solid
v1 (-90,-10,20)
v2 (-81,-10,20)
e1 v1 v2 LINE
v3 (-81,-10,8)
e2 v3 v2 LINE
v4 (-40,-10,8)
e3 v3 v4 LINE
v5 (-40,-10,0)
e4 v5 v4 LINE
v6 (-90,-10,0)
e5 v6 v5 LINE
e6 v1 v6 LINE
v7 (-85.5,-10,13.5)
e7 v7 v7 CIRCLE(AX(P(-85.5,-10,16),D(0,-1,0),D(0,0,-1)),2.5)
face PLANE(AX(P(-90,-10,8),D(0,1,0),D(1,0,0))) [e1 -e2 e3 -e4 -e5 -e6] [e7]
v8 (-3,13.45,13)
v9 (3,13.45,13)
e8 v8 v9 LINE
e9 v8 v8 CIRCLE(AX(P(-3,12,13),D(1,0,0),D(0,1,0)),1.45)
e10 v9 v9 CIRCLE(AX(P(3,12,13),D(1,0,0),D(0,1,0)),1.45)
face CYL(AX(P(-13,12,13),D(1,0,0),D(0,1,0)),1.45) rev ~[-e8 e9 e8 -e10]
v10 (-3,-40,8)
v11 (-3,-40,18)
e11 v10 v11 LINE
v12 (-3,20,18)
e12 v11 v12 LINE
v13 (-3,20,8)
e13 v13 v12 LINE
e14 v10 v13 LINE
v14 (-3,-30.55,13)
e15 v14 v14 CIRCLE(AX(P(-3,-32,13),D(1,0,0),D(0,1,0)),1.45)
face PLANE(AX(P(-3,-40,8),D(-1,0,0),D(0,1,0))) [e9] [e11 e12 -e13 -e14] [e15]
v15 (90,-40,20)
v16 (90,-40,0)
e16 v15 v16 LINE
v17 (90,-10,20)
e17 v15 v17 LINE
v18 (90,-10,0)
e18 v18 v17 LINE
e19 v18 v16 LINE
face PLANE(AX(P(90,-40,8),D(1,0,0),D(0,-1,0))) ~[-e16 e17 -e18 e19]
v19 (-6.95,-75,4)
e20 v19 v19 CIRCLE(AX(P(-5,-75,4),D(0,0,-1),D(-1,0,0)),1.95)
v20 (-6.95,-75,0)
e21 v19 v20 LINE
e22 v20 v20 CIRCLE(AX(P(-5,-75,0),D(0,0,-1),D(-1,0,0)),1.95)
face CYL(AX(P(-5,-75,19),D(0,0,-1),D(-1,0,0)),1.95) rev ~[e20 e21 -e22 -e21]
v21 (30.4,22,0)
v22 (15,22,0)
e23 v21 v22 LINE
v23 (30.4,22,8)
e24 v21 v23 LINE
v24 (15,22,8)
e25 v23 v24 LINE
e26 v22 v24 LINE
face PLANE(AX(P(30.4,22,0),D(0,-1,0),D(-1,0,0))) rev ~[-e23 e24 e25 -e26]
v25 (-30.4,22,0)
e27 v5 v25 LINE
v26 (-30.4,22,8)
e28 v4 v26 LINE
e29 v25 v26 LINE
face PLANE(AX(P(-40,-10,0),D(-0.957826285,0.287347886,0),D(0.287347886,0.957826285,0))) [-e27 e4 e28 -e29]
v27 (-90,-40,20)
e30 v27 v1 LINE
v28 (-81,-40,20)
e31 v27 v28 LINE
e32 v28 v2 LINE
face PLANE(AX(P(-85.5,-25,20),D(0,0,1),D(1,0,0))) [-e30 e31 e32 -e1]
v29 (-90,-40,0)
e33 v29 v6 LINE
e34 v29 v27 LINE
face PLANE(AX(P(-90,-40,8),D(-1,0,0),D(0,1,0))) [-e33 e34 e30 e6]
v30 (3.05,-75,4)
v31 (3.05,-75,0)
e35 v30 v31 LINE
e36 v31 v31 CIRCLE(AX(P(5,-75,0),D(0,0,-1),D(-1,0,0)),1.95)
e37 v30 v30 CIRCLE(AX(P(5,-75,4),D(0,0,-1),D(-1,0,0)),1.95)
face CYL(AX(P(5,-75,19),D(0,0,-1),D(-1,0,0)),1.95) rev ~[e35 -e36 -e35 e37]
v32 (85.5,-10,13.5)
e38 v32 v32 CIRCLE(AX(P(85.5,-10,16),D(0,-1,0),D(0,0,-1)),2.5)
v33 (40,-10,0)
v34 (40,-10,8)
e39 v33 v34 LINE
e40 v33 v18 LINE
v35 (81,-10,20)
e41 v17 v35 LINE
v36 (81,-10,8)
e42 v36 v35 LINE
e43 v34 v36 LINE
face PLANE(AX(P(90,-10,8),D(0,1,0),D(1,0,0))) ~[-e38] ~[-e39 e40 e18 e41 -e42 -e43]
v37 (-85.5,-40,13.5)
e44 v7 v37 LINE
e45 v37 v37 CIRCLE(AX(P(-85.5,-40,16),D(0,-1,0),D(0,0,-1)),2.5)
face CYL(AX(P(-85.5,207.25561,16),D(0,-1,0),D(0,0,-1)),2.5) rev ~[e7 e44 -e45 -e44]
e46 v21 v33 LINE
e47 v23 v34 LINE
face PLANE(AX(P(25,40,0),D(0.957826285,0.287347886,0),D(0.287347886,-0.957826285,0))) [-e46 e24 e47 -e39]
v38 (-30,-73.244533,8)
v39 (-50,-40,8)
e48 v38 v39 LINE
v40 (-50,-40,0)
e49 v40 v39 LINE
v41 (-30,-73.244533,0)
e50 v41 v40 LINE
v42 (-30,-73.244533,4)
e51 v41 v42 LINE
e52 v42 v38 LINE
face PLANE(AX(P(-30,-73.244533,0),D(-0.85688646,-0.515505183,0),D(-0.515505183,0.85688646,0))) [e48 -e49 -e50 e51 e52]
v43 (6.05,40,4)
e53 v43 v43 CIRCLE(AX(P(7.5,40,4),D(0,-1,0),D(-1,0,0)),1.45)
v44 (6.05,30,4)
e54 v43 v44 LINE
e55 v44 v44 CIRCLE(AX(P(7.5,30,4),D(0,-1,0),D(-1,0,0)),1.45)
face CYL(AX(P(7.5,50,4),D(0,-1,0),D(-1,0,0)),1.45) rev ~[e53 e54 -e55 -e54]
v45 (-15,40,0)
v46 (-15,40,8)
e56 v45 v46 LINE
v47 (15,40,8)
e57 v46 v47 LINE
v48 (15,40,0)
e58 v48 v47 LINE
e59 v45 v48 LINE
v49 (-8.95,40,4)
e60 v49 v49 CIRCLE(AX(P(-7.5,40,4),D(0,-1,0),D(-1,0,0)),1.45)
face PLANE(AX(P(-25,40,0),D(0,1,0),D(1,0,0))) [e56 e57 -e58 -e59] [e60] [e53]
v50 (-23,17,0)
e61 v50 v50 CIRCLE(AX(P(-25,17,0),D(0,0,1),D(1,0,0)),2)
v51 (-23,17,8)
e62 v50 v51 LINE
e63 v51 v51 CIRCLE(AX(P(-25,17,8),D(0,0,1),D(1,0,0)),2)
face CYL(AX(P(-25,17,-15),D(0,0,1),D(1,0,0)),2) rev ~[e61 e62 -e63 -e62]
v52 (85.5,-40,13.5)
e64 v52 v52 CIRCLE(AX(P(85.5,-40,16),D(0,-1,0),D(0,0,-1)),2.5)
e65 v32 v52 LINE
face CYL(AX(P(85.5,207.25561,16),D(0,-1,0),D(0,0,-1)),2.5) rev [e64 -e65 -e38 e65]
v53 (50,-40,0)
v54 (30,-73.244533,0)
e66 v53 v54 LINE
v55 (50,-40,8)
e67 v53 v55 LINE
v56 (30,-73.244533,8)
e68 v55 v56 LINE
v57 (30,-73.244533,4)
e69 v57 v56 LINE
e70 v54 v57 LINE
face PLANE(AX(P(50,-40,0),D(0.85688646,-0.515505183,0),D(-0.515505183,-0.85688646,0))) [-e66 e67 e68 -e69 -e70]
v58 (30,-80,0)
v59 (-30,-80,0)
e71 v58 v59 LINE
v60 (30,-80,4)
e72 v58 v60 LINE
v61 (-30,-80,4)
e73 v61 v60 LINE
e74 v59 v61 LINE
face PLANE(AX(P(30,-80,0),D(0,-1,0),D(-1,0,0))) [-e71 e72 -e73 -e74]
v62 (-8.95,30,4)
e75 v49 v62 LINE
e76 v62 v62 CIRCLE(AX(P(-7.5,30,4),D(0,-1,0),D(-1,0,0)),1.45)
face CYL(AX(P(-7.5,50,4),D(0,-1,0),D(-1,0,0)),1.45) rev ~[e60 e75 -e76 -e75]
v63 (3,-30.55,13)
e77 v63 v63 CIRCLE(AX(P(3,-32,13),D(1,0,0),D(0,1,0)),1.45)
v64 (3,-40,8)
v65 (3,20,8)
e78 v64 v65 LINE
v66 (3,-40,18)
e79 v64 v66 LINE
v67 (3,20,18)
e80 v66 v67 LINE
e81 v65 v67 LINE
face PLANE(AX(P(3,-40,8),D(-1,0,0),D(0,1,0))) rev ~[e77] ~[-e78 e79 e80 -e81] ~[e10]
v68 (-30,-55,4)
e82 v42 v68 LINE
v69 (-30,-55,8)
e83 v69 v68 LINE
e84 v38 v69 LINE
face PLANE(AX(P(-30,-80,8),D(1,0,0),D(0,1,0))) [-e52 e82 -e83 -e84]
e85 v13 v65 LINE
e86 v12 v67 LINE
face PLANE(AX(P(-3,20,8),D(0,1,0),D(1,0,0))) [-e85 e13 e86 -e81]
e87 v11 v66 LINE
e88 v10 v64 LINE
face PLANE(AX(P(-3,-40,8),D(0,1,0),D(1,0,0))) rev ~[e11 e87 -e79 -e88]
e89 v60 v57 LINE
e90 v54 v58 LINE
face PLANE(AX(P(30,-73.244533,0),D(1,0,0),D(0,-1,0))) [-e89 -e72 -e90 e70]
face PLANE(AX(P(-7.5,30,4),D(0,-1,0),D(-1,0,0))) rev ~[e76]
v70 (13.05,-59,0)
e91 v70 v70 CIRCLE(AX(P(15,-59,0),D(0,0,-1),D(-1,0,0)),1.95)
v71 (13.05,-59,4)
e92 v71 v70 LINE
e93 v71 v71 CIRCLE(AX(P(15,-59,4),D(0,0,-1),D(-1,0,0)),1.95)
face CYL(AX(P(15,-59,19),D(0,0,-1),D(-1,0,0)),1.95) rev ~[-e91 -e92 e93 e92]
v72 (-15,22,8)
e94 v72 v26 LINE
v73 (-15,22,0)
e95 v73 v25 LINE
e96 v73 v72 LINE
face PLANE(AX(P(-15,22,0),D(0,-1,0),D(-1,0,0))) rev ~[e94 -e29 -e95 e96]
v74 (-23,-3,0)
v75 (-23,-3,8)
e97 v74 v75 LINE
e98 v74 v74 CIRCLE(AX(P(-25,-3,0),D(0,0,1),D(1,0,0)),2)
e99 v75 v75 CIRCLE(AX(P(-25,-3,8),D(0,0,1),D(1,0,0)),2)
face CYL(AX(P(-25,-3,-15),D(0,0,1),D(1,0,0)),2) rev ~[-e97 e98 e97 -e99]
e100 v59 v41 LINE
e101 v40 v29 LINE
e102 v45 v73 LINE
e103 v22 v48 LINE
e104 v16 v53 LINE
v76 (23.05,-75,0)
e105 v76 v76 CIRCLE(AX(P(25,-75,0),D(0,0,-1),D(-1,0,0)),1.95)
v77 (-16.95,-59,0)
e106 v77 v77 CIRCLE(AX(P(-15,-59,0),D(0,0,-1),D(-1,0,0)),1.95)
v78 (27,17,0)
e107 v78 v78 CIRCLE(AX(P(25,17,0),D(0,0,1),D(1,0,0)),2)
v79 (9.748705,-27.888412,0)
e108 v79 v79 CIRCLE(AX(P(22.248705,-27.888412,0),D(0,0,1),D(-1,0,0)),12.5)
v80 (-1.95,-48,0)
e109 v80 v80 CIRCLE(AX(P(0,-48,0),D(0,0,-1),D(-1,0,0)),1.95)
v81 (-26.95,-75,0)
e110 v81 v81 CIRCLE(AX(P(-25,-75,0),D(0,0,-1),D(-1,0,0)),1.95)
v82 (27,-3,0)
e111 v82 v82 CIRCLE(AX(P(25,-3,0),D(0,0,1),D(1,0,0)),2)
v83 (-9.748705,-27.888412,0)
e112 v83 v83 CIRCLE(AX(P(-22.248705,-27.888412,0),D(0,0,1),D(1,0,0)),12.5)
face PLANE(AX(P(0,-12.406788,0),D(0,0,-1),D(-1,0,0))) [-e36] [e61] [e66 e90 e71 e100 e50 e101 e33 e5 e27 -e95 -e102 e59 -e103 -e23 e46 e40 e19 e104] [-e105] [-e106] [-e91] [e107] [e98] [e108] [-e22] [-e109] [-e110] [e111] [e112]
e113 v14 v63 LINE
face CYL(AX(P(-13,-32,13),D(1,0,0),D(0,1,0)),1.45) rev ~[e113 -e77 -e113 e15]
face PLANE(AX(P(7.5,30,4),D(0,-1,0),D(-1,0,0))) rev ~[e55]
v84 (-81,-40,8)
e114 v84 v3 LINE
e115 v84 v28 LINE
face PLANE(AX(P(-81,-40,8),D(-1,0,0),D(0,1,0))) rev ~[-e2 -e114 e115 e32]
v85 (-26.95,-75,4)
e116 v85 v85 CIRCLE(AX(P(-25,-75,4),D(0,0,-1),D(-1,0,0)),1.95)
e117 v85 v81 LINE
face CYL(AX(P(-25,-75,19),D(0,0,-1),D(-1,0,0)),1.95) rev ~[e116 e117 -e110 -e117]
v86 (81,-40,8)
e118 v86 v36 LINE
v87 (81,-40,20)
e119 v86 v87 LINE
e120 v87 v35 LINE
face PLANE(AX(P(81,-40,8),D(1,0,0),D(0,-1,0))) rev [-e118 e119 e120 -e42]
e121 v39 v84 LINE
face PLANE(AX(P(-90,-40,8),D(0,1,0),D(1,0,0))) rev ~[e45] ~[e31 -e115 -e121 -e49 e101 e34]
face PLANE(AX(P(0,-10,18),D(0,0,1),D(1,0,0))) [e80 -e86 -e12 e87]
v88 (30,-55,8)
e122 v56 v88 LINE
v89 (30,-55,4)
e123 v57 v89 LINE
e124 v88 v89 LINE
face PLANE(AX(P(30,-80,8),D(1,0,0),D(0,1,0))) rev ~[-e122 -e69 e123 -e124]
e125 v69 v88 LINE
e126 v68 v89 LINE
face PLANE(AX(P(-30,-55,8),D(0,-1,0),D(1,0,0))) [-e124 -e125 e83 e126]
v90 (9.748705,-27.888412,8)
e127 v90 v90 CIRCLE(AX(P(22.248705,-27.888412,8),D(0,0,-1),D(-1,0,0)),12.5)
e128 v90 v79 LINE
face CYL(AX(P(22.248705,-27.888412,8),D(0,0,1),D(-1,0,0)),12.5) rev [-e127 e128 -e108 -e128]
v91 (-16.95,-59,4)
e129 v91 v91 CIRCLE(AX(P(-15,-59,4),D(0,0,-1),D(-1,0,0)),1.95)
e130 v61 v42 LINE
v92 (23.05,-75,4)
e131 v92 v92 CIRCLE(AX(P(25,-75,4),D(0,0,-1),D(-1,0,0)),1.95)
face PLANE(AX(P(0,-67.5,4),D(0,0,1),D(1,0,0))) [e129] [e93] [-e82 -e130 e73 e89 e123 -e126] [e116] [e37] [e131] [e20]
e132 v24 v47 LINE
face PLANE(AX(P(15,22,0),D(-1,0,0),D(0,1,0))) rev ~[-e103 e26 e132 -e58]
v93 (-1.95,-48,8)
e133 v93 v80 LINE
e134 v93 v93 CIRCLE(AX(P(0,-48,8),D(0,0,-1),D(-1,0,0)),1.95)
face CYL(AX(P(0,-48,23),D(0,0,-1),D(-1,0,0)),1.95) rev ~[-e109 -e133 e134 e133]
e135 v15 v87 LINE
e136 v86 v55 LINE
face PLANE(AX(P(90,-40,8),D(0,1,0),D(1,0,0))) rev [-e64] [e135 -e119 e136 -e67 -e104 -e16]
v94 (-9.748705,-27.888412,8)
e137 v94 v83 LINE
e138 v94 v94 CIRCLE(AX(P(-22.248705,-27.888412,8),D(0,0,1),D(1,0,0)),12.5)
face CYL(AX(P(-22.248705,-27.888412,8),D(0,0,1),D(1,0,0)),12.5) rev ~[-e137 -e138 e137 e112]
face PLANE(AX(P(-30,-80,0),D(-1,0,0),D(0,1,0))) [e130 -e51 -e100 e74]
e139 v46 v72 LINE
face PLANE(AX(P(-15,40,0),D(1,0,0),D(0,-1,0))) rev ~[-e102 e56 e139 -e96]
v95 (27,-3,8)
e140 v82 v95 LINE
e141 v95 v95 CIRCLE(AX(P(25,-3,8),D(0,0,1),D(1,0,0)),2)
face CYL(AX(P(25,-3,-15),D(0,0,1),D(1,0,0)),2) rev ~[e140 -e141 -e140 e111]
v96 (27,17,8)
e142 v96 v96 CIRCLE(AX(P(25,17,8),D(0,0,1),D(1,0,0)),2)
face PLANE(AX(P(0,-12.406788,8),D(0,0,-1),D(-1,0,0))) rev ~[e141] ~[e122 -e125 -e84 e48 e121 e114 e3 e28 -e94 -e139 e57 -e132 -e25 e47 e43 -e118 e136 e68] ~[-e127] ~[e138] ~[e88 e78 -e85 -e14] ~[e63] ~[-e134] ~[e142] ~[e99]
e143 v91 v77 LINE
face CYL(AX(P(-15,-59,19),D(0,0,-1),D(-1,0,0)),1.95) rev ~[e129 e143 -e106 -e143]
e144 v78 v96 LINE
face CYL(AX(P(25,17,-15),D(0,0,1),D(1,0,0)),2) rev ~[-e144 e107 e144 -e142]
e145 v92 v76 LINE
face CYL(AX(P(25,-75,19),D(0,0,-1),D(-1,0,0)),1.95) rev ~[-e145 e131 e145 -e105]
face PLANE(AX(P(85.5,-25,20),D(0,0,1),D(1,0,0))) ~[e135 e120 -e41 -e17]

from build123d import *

# Parameters (mm, degrees)
EXTRUDE1_DEPTH                 = 8
EXTRUDE2_DEPTH                 = 8
SKETCH4_W                      = 6
SKETCH4_H                      = 60
EXTRUDE3_DEPTH                 = 10
F_4_0_4_DIAMETER_HOLE2_D       = 4
F_4_0_4_DIAMETER_HOLE2_DEPTH   = 15
SKETCH6_W                      = 9
SKETCH6_H                      = 30
EXTRUDE4_DEPTH                 = 12
F_5_0_5_DIAMETER_HOLE1_D       = 5
F_2_9_2_9_DIAMETER_HOLE1_D     = 2.9
F_2_9_2_9_DIAMETER_HOLE1_DEPTH = 10
SKETCH10_R                     = 12.5
EXTRUDE5_DEPTH                 = 10
F_2_9_2_9_DIAMETER_HOLE2_D     = 2.9
F_2_9_2_9_DIAMETER_HOLE2_DEPTH = 10
EXTRUDE8_DEPTH                 = 21
SKETCH15_W                     = 60
SKETCH15_H                     = 25
EXTRUDE9_DEPTH                 = 4
F_4_0_4_DIAMETER_HOLE4_D       = 3.9
F_4_0_4_DIAMETER_HOLE4_DEPTH   = 15
F_4_0_4_DIAMETER_HOLE5_D       = 3.9
F_4_0_4_DIAMETER_HOLE5_DEPTH   = 15


with BuildPart() as part:
    # Sketch1 → Extrude1 (new body)
    with BuildSketch(Plane.XY):
        Polygon((-40, -10), (-25, 40), (25, 40), (40, -10), (90, -10), (90, -40), (-90, -40), (-90, -10), align=None)
    extrude(amount=EXTRUDE1_DEPTH)

    # Sketch2 → Extrude2 (add)
    with BuildSketch(Plane.XY):
        Polygon((-50, -40), (50, -40), (30, -73.244533262), (30, -80), (-30, -80), (-30, -73.244533262), align=None)
    extrude(amount=EXTRUDE2_DEPTH)

    # Sketch4 → Extrude3 (add)
    with BuildSketch(Plane.XY.offset(8)):
        with Locations((0, -10)):
            Rectangle(SKETCH4_W, SKETCH4_H)
    extrude(amount=EXTRUDE3_DEPTH)

    # Ø4.0 (4) Diameter Hole2
    with Locations(Plane(origin=(25, -3, 0), x_dir=(-1, 0, 0), z_dir=(0, 0, -1))):
        with Locations((0, 0), (50, 0), (0, 20), (50, 20)):
            Hole(F_4_0_4_DIAMETER_HOLE2_D / 2, depth=F_4_0_4_DIAMETER_HOLE2_DEPTH)

    # Sketch6 → Extrude4 (add)
    with BuildSketch(Plane.XY.offset(8)):
        with Locations((-85.5, -25)):
            Rectangle(SKETCH6_W, SKETCH6_H)
    extrude4 = extrude(amount=EXTRUDE4_DEPTH)

    # Ø5.0 (5) Diameter Hole1 (through all)
    with Locations(Plane(origin=(-85.5, -10, 16), x_dir=(0, 0, 1), z_dir=(0, 1, 0))):
        with Locations((0, 0)):
            f_5_0_5_diameter_hole1 = Hole(F_5_0_5_DIAMETER_HOLE1_D / 2)

    # Mirror1: Extrude4, Ø5.0 (5) Diameter Hole1 across plane
    add(extrude4.mirror(Plane(origin=(0, 0, 0), x_dir=(0, 0, 1), z_dir=(1, 0, 0))))
    add(f_5_0_5_diameter_hole1.mirror(Plane(origin=(0, 0, 0), x_dir=(0, 0, 1), z_dir=(1, 0, 0))), mode=Mode.SUBTRACT)

    # Ø2.9 (2.9) Diameter Hole1
    with Locations(Plane(origin=(-7.5, 40, 4), x_dir=(1, 0, 0), z_dir=(0, 1, 0))):
        with Locations((0, 0), (15, 0)):
            Hole(F_2_9_2_9_DIAMETER_HOLE1_D / 2, depth=F_2_9_2_9_DIAMETER_HOLE1_DEPTH)

    # Sketch10 → Extrude5 (cut)
    with BuildSketch(Plane.XY.offset(8)):
        with Locations((-22.248705181, -27.888411791)):
            Circle(SKETCH10_R)
    extrude5 = extrude(amount=-EXTRUDE5_DEPTH, mode=Mode.SUBTRACT)

    # Mirror2: Extrude5 across plane
    add(extrude5.mirror(Plane(origin=(0, 0, 0), x_dir=(0, 0, 1), z_dir=(1, 0, 0))), mode=Mode.SUBTRACT)

    # Ø2.9 (2.9) Diameter Hole2
    with Locations(Plane(origin=(-3, 12, 13), x_dir=(0, -1, 0), z_dir=(-1, 0, 0))):
        with Locations((0, 0), (44, 0)):
            Hole(F_2_9_2_9_DIAMETER_HOLE2_D / 2, depth=F_2_9_2_9_DIAMETER_HOLE2_DEPTH)

    # Sketch14 → Extrude8 (cut, through all)
    with BuildSketch(Plane(origin=(0, 0, 0), x_dir=(-1, 0, 0), z_dir=(0, 0, -1))):
        Polygon((-30.4, 22), (-15, 22), (-15, 40), (-25, 40), align=None)
        Polygon((25, 40), (15, 40), (15, 22), (30.4, 22), align=None)
    extrude(amount=-EXTRUDE8_DEPTH, mode=Mode.SUBTRACT)

    # Sketch15 → Extrude9 (cut)
    with BuildSketch(Plane.XY.offset(8)):
        with Locations((0, -67.5)):
            Rectangle(SKETCH15_W, SKETCH15_H)
    extrude(amount=-EXTRUDE9_DEPTH, mode=Mode.SUBTRACT)

    # Ø4.0 (4) Diameter Hole4
    with Locations(Plane(origin=(15, -59, 4), x_dir=(1, 0, 0), z_dir=(0, 0, 1))):
        with Locations((0, 0), (-10, -16), (10, -16), (-20, -16), (-40, -16), (-30, 0)):
            Hole(F_4_0_4_DIAMETER_HOLE4_D / 2, depth=F_4_0_4_DIAMETER_HOLE4_DEPTH)

    # Ø4.0 (4) Diameter Hole5
    with Locations(Plane(origin=(0, -48, 8), x_dir=(1, 0, 0), z_dir=(0, 0, 1))):
        with Locations((0, 0)):
            Hole(F_4_0_4_DIAMETER_HOLE5_D / 2, depth=F_4_0_4_DIAMETER_HOLE5_DEPTH)


solid = part.part
